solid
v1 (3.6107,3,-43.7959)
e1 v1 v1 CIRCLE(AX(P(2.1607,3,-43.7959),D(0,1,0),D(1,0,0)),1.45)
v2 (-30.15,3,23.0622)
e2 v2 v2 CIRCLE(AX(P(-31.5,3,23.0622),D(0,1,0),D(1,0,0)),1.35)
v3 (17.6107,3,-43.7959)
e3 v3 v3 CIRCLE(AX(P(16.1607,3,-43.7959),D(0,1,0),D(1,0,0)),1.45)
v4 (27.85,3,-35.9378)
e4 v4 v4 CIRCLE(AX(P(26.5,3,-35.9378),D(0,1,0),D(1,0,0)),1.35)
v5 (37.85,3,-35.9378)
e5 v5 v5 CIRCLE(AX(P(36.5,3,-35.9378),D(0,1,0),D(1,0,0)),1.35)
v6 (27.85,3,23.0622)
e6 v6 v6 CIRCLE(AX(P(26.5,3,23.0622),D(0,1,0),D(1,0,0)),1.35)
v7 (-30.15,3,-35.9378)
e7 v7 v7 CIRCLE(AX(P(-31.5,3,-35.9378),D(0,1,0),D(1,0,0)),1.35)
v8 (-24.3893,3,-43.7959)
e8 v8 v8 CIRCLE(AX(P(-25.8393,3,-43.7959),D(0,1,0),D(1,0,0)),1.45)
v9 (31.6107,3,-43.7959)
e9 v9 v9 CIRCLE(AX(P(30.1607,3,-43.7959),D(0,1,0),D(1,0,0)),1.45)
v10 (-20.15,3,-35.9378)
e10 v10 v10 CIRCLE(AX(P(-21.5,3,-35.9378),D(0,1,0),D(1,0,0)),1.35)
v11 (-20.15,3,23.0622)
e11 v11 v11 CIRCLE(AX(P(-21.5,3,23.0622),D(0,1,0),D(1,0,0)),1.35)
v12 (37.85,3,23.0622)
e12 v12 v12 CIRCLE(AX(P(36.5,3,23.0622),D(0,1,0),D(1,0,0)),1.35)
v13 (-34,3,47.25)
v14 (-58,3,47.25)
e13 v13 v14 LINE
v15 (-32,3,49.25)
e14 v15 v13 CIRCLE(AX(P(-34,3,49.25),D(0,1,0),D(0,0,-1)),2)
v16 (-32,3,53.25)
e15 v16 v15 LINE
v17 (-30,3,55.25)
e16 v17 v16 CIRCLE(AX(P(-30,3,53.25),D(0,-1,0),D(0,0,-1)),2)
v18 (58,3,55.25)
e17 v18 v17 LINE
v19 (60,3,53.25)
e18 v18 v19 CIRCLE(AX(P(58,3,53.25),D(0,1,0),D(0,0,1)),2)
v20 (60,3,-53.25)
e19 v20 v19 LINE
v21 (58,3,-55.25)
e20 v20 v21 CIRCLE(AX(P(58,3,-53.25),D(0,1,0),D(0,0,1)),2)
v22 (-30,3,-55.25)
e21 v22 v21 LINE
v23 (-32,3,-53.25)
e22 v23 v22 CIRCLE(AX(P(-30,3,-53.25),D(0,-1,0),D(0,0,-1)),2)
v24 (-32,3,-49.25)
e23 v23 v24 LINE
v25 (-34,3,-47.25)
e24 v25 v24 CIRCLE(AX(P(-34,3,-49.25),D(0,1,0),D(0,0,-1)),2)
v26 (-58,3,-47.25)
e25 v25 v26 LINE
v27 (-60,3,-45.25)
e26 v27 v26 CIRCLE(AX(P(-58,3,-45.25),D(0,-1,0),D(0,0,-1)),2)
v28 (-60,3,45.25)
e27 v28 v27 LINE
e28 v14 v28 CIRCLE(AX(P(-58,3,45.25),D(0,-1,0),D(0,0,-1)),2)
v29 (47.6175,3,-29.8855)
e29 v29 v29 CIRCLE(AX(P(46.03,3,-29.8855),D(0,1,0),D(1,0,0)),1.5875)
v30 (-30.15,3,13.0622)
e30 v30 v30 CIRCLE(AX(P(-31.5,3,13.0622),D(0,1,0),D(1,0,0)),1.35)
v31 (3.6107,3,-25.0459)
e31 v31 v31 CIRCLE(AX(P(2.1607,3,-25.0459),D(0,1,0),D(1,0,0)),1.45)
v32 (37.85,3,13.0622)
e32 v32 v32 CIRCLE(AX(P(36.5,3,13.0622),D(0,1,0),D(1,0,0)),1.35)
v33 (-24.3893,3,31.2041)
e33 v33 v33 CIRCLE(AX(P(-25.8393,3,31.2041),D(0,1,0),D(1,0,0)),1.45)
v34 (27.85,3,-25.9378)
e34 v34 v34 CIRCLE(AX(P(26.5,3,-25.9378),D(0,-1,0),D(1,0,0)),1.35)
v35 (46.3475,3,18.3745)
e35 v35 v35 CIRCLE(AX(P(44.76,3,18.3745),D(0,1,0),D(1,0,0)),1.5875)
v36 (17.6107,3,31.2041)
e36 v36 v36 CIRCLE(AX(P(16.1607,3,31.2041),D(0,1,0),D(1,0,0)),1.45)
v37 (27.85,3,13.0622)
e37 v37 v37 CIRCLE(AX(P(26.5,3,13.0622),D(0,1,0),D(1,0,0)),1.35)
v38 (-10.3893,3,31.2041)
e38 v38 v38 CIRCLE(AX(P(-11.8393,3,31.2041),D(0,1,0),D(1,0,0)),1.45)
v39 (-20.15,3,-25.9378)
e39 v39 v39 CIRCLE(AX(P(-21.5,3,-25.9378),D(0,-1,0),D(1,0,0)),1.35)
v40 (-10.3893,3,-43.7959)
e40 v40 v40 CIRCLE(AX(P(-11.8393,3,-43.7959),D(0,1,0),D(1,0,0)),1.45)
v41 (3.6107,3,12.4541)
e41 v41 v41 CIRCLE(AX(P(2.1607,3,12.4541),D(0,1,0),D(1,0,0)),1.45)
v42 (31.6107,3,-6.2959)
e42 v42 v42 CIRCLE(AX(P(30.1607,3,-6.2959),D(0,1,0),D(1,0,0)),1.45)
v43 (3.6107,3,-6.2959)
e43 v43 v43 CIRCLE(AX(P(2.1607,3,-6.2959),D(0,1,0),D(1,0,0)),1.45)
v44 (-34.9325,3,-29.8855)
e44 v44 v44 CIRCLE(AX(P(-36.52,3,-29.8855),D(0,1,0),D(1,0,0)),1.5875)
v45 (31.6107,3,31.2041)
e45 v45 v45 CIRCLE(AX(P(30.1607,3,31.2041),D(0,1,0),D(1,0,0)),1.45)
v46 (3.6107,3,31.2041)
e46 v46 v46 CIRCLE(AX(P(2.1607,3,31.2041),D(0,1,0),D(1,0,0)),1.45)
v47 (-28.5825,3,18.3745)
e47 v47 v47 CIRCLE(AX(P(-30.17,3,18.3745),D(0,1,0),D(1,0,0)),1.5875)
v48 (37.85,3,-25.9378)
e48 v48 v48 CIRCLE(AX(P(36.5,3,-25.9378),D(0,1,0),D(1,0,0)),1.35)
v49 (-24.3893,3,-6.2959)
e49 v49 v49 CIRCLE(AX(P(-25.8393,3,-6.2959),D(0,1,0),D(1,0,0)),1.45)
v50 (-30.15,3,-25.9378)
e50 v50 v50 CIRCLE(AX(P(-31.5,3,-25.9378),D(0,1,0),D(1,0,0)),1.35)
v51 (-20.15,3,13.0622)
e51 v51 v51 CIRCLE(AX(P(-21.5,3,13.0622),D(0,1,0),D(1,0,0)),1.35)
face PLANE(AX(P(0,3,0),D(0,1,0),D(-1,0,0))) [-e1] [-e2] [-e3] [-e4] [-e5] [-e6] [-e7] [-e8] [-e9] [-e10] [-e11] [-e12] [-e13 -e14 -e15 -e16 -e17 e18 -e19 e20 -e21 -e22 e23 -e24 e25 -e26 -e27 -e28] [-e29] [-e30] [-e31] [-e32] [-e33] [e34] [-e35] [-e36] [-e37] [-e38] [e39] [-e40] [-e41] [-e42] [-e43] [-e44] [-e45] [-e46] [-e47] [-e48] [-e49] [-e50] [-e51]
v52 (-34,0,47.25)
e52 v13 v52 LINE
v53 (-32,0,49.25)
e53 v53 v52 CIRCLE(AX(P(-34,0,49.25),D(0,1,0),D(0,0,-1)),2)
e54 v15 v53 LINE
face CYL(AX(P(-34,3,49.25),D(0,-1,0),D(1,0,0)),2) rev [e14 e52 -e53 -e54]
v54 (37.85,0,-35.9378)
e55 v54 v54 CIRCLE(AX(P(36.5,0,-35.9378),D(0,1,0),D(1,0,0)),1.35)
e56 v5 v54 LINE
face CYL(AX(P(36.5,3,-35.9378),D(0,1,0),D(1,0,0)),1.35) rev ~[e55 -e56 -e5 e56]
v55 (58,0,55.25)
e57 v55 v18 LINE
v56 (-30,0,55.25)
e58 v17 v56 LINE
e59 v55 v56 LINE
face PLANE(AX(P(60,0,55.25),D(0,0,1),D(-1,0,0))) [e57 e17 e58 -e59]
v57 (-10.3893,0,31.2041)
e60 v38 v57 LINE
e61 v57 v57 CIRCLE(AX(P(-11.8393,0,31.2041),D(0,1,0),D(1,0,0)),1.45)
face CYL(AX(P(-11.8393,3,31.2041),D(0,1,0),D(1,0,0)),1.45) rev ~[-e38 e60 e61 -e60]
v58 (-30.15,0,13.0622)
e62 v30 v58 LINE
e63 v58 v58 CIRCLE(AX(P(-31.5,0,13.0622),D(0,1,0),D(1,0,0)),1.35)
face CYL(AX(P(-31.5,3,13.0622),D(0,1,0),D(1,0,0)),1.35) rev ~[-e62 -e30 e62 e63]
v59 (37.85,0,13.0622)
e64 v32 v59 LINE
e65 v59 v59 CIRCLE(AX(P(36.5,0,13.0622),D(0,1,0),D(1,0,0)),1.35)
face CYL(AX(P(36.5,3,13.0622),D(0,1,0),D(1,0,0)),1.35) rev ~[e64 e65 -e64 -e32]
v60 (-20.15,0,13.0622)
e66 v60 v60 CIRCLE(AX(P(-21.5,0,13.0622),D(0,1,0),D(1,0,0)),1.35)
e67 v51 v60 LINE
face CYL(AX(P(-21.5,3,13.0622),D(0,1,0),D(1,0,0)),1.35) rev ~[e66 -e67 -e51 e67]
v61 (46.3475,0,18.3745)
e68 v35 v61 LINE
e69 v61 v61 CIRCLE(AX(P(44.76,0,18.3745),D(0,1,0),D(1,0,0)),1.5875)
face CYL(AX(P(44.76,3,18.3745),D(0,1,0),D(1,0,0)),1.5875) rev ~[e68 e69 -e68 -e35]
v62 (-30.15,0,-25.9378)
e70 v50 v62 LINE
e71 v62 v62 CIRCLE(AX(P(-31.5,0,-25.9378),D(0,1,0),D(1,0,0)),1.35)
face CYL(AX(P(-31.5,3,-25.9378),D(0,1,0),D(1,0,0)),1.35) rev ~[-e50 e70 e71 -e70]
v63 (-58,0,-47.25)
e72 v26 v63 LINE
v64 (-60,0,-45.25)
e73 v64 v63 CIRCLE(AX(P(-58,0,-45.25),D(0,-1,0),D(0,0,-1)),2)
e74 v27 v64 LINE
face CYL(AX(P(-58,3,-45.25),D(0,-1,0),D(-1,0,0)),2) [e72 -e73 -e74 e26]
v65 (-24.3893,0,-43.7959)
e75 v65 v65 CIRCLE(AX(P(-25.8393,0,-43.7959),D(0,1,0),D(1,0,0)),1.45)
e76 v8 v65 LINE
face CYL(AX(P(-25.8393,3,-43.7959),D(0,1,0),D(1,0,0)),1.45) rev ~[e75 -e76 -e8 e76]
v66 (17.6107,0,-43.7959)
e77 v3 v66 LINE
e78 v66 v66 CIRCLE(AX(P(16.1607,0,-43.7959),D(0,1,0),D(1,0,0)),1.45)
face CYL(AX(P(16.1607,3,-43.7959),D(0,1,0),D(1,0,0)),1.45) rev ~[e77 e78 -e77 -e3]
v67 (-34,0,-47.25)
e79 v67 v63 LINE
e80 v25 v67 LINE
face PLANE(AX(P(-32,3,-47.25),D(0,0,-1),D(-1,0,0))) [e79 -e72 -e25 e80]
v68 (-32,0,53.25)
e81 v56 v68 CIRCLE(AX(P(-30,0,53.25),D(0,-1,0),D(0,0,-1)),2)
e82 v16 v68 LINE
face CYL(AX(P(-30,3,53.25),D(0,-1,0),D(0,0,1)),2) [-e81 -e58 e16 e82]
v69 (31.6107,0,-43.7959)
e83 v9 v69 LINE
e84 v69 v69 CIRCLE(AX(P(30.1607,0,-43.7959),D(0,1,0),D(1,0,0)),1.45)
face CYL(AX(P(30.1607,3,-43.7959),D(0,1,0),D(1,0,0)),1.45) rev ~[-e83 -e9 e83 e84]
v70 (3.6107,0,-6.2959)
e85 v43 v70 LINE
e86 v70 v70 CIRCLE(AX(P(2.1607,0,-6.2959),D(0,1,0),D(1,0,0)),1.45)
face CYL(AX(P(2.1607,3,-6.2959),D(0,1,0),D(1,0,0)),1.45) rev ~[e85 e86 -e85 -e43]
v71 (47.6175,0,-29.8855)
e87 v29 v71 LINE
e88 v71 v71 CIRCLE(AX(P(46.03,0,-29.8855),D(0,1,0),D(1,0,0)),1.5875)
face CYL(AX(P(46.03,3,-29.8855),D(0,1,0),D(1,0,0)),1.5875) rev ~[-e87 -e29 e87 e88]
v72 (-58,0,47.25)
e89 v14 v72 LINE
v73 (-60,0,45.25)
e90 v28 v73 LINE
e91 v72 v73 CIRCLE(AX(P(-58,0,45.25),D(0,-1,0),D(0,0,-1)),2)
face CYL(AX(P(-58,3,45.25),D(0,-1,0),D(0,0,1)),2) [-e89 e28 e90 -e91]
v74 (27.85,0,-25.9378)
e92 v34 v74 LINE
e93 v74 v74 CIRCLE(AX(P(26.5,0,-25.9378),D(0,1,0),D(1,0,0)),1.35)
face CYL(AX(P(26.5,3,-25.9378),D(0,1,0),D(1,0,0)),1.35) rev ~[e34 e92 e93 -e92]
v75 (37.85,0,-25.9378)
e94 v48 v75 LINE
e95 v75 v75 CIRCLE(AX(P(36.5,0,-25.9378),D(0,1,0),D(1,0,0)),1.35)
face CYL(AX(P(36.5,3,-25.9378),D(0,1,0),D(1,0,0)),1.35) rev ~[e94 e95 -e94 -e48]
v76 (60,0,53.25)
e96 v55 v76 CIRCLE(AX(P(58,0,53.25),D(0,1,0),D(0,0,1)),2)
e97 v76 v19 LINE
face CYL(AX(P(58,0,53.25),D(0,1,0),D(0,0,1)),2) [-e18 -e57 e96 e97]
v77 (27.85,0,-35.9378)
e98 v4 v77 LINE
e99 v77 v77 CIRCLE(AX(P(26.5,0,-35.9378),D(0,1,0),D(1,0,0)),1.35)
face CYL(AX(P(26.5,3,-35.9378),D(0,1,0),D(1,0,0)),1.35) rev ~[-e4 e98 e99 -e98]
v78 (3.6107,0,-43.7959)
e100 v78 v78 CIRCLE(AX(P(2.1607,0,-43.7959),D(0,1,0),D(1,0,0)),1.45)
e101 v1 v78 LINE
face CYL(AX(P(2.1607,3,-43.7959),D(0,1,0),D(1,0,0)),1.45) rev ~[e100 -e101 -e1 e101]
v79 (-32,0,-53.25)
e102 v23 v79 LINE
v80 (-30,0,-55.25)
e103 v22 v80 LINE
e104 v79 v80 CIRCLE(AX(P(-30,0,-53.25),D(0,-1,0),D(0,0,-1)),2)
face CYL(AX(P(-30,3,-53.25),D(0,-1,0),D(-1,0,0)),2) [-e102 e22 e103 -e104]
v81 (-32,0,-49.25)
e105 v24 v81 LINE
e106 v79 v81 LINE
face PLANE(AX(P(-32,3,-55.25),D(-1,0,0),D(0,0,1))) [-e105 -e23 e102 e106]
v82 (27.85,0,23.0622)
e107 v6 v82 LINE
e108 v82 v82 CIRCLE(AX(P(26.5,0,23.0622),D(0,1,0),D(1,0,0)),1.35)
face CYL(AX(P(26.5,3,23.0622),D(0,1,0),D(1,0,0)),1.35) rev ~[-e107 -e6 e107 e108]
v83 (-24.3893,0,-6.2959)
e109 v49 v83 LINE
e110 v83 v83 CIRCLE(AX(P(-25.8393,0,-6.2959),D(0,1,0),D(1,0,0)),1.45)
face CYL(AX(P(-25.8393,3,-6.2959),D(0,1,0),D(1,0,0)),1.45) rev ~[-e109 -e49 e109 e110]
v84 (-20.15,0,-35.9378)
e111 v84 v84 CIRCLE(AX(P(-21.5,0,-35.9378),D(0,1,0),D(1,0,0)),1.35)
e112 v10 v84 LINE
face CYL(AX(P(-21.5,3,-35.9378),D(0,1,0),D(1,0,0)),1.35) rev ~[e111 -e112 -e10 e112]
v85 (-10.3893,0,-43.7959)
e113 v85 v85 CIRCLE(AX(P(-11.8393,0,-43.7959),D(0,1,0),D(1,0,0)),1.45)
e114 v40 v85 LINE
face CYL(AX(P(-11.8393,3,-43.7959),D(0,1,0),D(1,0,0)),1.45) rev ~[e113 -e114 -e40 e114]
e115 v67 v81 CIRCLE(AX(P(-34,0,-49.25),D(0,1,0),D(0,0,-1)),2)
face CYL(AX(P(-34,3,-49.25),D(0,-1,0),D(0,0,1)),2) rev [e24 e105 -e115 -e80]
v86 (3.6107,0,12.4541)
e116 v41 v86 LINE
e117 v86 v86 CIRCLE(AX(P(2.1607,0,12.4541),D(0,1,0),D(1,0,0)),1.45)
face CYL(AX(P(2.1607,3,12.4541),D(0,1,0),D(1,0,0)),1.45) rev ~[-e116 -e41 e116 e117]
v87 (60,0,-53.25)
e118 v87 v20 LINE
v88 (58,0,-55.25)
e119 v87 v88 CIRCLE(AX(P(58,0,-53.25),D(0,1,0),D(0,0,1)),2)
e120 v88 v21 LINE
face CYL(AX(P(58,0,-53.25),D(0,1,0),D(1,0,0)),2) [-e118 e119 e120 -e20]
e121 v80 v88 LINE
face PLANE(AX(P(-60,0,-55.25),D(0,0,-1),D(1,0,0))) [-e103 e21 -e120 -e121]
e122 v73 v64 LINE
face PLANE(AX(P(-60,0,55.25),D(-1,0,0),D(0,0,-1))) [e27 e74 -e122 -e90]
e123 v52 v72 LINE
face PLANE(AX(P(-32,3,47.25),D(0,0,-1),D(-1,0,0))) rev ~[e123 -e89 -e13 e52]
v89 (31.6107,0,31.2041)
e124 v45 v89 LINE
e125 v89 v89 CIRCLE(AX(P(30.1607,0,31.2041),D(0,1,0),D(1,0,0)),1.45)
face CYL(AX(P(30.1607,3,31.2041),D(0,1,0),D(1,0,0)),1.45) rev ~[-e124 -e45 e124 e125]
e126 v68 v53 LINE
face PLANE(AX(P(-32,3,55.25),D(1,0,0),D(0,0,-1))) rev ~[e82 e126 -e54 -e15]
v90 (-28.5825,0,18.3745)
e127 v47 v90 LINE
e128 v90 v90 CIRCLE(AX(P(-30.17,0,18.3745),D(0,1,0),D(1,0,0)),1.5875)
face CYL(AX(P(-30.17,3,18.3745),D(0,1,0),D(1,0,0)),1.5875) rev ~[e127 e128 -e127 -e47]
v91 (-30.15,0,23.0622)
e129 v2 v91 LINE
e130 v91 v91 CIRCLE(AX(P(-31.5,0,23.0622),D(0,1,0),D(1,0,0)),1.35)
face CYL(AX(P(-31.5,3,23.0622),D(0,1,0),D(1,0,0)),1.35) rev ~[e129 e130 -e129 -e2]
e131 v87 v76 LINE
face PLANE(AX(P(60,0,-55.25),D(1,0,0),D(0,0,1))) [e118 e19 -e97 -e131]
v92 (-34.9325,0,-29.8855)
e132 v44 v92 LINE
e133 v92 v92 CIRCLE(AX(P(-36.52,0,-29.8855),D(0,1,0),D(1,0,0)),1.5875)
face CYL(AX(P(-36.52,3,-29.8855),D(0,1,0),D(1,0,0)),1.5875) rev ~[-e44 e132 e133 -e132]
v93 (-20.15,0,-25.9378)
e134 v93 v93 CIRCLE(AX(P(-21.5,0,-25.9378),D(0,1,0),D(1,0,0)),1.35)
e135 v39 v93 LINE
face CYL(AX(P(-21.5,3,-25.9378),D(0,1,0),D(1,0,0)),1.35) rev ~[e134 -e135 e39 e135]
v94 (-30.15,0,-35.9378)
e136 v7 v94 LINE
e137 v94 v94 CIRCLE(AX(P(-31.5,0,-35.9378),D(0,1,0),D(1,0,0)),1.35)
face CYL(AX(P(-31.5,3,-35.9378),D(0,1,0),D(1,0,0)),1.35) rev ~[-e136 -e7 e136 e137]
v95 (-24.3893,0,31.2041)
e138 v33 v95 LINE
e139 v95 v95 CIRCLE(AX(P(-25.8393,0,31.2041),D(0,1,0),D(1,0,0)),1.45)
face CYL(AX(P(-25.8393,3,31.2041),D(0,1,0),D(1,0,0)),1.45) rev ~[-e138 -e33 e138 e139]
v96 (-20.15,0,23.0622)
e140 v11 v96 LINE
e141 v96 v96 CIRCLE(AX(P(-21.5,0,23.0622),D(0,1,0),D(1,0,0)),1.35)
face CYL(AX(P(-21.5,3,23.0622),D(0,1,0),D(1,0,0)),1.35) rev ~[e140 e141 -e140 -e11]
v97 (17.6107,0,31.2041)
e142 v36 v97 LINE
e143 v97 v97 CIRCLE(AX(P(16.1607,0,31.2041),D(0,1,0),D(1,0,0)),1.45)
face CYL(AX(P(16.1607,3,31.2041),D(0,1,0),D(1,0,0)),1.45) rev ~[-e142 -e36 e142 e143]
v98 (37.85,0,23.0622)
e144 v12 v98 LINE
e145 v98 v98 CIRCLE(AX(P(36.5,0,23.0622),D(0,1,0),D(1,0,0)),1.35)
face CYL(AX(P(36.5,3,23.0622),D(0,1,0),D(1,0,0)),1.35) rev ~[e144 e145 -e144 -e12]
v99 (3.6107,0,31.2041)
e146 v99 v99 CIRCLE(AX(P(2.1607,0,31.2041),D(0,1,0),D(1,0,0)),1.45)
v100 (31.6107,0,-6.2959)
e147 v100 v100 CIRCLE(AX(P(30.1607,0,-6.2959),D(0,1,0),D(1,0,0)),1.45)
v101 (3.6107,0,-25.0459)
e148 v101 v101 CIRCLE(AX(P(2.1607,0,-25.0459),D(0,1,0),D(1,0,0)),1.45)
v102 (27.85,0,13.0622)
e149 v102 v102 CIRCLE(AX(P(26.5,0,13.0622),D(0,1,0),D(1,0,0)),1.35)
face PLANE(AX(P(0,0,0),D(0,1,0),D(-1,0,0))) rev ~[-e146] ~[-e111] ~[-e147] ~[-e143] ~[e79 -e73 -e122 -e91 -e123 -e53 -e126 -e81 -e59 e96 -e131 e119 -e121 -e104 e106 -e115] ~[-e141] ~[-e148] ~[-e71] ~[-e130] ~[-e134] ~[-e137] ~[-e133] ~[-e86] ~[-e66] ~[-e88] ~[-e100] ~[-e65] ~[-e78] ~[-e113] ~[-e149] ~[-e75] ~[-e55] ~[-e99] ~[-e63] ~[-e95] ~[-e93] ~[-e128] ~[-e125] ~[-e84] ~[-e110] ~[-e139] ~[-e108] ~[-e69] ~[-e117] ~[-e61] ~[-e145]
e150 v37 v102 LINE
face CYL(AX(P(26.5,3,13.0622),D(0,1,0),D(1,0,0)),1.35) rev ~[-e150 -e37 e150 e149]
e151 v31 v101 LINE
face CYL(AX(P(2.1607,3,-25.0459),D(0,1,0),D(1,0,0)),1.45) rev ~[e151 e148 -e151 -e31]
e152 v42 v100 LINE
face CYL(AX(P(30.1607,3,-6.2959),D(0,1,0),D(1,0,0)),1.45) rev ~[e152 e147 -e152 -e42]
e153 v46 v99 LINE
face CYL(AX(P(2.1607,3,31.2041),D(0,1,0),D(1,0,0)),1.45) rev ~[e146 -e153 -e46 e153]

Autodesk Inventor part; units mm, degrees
ref_plane "YZ Plane" through (0, 0, 0) normal (1, 0, 0) x (0, 1, 0)
ref_plane "XZ Plane" through (0, 0, 0) normal (0, 1, 0) x (-1, 0, 0)
ref_plane "XY Plane" through (0, 0, 0) normal (0, 0, 1) x (1, 0, 0)
sketch "Эскиз1" plane through (0, 0, 0) normal (0, 1, 0) x (-1, 0, 0)
  line L0 (-60, 55.25) -> (60, 55.25)
  line L1 (60, 55.25) -> (60, -55.25)
  line L2 (60, -55.25) -> (-60, -55.25)
  line L3 (-60, -55.25) -> (-60, 55.25)
  line L4 (60, -55.25) -> (-60, 55.25) construction
  point P0 (0, 0)
  point P1 (0, 0)
  dimension "d0" = 120
  dimension "d1" = 110.5
extrude "Выдавливание1" add sketch "Эскиз1" along normal blind 3
sketch "Эскиз2" plane through (0, 3, 0) normal (0, 1, 0) x (1, 0, 0)
  line L0 (-60, 55.25) -> (60, 55.25) projected
  line L1 (-60, 55.25) -> (-32, 55.25)
  line L2 (-32, 55.25) -> (-32, 47.25)
  line L3 (-32, 47.25) -> (-60, 47.25)
  line L4 (-60, 47.25) -> (-60, 55.25)
  line L5 (-60, -55.25) -> (-60, 55.25) projected
  line L6 (-60, -55.25) -> (-32, -55.25)
  line L7 (-32, -55.25) -> (-32, -47.25)
  line L8 (-32, -47.25) -> (-60, -47.25)
  line L9 (-60, -47.25) -> (-60, -55.25)
  point P0 (-60, -47.25)
  dimension "d12" = 28
  dimension "d13" = 8
  dimension "d14" = 28
  dimension "d15" = 8
extrude "Выдавливание2" cut sketch "Эскиз2" against normal blind 10
fillet "Сопряжение2" radius 2 8 edges at (-60, 1.5, 47.25) (-32, 1.5, 47.25) (-32, 1.5, 55.25) (-60, 1.5, -47.25) (-32, 1.5, -47.25) (-32, 1.5, -55.25) (60, 1.5, -55.25) (60, 1.5, 55.25)
sketch "Эскиз3" plane through (0, 3, 0) normal (0, 1, 0) x (1, 0, 0)
  circle A0 centre (-21.5, -13.0622) radius 1.35
  circle A1 centre (-21.5, 35.9378) radius 1.35
  circle A2 centre (36.5, 35.9378) radius 1.35
  circle A3 centre (36.5, -13.0622) radius 1.35
  line L0 (36.5, 25.9378) -> (-21.5, 25.9378) construction
  line L1 (-21.5, 25.9378) -> (-21.5, -23.0622) construction
  line L2 (-21.5, -23.0622) -> (36.5, -23.0622) construction
  line L3 (36.5, -23.0622) -> (36.5, 25.9378) construction
  circle A4 centre (36.5, -23.0622) radius 1.35
  circle A5 centre (36.5, 25.9378) radius 1.35
  circle A6 centre (-21.5, 25.9378) radius 1.35
  circle A7 centre (-21.5, -23.0622) radius 1.35
  line L4 (26.5, 35.9378) -> (-31.5, 35.9378) construction
  line L5 (-31.5, 35.9378) -> (-31.5, -13.0622) construction
  line L6 (-31.5, -13.0622) -> (26.5, -13.0622) construction
  line L7 (26.5, -13.0622) -> (26.5, 35.9378) construction
  circle A8 centre (-31.5, 35.9378) radius 1.35
  circle A9 centre (-31.5, -13.0622) radius 1.35
  circle A10 centre (26.5, -13.0622) radius 1.35
  circle A11 centre (26.5, 35.9378) radius 1.35
  line L8 (26.5, -23.0622) -> (-31.5, -23.0622) construction
  line L9 (-31.5, -23.0622) -> (-31.5, 25.9378) construction
  line L10 (-31.5, 25.9378) -> (26.5, 25.9378)
  line L11 (26.5, 25.9378) -> (26.5, -23.0622) construction
  circle A12 centre (26.5, 25.9378) radius 1.35
  circle A13 centre (26.5, -23.0622) radius 1.35
  circle A14 centre (-31.5, 25.9378) radius 1.35
  circle A15 centre (-31.5, -23.0622) radius 1.35
  point P0 (0, 0)
  dimension "d17" = 58
  dimension "d18" = 49
  dimension "d19" = 10
  dimension "d20" = 58
  dimension "d21" = 49
  dimension "d22" = 10
  dimension "d23" = 2.7
  dimension "d24" = 2.7
  dimension "d25" = 2.7
  dimension "d27" = 58
  dimension "d28" = 49
  dimension "d29" = 2.7
  dimension "d30" = 2.7
  dimension "d31" = 2.7
  dimension "d32" = 2.7
extrude "Выдавливание3" cut sketch "Эскиз3" against normal blind 10
sketch "Эскиз4" plane through (0, 3, 0) normal (0, 1, 0) x (1, 0, 0)
  circle A0 centre (-30.17, -18.3745) radius 1.5875
  circle A1 centre (-36.52, 29.8855) radius 1.5875
  circle A2 centre (46.03, 29.8855) radius 1.5875
  circle A3 centre (44.76, -18.3745) radius 1.5875
  point P0 (0, 0)
extrude "Выдавливание4" cut sketch "Эскиз4" against normal blind 10
sketch "Эскиз5" plane through (0, 3, 0) normal (0, 1, 0) x (1, 0, 0)
  point P0 (0, 0)
sketch "Эскиз6" plane through (0, 3, 0) normal (0, 1, 0) x (1, 0, 0)
  circle A0 centre (-25.8393, -31.2041) radius 1.45
  line L0 (-25.8393, -31.2041) -> (2.1607, -31.2041) construction
  line L1 (30.1607, -31.2041) -> (30.1607, 43.7959) construction
  line L2 (30.1607, 43.7959) -> (2.1607, 43.7959) construction
  line L3 (-25.8393, 43.7959) -> (-25.8393, -31.2041) construction
  circle A1 centre (30.1607, -31.2041) radius 1.45
  circle A2 centre (2.1607, -31.2041) radius 1.45
  circle A3 centre (30.1607, 6.2959) radius 1.45
  circle A4 centre (30.1607, 43.7959) radius 1.45
  circle A5 centre (-25.8393, 43.7959) radius 1.45
  circle A6 centre (2.1607, 43.7959) radius 1.45
  circle A7 centre (-25.8393, 6.2959) radius 1.45
  circle A8 centre (2.1607, 6.2959) radius 1.45
  line L4 (2.1607, 43.7959) -> (-25.8393, 43.7959) construction
  line L5 (2.1607, -31.2041) -> (30.1607, -31.2041) construction
  circle A9 centre (16.1607, -31.2041) radius 1.45
  circle A10 centre (-11.8393, -31.2041) radius 1.45
  circle A11 centre (-11.8393, 43.7959) radius 1.45
  circle A12 centre (16.1607, 43.7959) radius 1.45
  line L6 (2.1607, 43.7959) -> (2.1607, 6.2959) construction
  line L7 (2.1607, 6.2959) -> (2.1607, -31.2041) construction
  circle A13 centre (2.1607, -12.4541) radius 1.45
  circle A14 centre (2.1607, 25.0459) radius 1.45
  point P0 (0, 0)
  dimension "d37" = 2.9
  dimension "d38" = 56
  dimension "d39" = 75
  dimension "d40" = 2.9
  dimension "d41" = 2.9
extrude "Выдавливание5" cut sketch "Эскиз6" against normal blind 10
properties part number "фанера"
